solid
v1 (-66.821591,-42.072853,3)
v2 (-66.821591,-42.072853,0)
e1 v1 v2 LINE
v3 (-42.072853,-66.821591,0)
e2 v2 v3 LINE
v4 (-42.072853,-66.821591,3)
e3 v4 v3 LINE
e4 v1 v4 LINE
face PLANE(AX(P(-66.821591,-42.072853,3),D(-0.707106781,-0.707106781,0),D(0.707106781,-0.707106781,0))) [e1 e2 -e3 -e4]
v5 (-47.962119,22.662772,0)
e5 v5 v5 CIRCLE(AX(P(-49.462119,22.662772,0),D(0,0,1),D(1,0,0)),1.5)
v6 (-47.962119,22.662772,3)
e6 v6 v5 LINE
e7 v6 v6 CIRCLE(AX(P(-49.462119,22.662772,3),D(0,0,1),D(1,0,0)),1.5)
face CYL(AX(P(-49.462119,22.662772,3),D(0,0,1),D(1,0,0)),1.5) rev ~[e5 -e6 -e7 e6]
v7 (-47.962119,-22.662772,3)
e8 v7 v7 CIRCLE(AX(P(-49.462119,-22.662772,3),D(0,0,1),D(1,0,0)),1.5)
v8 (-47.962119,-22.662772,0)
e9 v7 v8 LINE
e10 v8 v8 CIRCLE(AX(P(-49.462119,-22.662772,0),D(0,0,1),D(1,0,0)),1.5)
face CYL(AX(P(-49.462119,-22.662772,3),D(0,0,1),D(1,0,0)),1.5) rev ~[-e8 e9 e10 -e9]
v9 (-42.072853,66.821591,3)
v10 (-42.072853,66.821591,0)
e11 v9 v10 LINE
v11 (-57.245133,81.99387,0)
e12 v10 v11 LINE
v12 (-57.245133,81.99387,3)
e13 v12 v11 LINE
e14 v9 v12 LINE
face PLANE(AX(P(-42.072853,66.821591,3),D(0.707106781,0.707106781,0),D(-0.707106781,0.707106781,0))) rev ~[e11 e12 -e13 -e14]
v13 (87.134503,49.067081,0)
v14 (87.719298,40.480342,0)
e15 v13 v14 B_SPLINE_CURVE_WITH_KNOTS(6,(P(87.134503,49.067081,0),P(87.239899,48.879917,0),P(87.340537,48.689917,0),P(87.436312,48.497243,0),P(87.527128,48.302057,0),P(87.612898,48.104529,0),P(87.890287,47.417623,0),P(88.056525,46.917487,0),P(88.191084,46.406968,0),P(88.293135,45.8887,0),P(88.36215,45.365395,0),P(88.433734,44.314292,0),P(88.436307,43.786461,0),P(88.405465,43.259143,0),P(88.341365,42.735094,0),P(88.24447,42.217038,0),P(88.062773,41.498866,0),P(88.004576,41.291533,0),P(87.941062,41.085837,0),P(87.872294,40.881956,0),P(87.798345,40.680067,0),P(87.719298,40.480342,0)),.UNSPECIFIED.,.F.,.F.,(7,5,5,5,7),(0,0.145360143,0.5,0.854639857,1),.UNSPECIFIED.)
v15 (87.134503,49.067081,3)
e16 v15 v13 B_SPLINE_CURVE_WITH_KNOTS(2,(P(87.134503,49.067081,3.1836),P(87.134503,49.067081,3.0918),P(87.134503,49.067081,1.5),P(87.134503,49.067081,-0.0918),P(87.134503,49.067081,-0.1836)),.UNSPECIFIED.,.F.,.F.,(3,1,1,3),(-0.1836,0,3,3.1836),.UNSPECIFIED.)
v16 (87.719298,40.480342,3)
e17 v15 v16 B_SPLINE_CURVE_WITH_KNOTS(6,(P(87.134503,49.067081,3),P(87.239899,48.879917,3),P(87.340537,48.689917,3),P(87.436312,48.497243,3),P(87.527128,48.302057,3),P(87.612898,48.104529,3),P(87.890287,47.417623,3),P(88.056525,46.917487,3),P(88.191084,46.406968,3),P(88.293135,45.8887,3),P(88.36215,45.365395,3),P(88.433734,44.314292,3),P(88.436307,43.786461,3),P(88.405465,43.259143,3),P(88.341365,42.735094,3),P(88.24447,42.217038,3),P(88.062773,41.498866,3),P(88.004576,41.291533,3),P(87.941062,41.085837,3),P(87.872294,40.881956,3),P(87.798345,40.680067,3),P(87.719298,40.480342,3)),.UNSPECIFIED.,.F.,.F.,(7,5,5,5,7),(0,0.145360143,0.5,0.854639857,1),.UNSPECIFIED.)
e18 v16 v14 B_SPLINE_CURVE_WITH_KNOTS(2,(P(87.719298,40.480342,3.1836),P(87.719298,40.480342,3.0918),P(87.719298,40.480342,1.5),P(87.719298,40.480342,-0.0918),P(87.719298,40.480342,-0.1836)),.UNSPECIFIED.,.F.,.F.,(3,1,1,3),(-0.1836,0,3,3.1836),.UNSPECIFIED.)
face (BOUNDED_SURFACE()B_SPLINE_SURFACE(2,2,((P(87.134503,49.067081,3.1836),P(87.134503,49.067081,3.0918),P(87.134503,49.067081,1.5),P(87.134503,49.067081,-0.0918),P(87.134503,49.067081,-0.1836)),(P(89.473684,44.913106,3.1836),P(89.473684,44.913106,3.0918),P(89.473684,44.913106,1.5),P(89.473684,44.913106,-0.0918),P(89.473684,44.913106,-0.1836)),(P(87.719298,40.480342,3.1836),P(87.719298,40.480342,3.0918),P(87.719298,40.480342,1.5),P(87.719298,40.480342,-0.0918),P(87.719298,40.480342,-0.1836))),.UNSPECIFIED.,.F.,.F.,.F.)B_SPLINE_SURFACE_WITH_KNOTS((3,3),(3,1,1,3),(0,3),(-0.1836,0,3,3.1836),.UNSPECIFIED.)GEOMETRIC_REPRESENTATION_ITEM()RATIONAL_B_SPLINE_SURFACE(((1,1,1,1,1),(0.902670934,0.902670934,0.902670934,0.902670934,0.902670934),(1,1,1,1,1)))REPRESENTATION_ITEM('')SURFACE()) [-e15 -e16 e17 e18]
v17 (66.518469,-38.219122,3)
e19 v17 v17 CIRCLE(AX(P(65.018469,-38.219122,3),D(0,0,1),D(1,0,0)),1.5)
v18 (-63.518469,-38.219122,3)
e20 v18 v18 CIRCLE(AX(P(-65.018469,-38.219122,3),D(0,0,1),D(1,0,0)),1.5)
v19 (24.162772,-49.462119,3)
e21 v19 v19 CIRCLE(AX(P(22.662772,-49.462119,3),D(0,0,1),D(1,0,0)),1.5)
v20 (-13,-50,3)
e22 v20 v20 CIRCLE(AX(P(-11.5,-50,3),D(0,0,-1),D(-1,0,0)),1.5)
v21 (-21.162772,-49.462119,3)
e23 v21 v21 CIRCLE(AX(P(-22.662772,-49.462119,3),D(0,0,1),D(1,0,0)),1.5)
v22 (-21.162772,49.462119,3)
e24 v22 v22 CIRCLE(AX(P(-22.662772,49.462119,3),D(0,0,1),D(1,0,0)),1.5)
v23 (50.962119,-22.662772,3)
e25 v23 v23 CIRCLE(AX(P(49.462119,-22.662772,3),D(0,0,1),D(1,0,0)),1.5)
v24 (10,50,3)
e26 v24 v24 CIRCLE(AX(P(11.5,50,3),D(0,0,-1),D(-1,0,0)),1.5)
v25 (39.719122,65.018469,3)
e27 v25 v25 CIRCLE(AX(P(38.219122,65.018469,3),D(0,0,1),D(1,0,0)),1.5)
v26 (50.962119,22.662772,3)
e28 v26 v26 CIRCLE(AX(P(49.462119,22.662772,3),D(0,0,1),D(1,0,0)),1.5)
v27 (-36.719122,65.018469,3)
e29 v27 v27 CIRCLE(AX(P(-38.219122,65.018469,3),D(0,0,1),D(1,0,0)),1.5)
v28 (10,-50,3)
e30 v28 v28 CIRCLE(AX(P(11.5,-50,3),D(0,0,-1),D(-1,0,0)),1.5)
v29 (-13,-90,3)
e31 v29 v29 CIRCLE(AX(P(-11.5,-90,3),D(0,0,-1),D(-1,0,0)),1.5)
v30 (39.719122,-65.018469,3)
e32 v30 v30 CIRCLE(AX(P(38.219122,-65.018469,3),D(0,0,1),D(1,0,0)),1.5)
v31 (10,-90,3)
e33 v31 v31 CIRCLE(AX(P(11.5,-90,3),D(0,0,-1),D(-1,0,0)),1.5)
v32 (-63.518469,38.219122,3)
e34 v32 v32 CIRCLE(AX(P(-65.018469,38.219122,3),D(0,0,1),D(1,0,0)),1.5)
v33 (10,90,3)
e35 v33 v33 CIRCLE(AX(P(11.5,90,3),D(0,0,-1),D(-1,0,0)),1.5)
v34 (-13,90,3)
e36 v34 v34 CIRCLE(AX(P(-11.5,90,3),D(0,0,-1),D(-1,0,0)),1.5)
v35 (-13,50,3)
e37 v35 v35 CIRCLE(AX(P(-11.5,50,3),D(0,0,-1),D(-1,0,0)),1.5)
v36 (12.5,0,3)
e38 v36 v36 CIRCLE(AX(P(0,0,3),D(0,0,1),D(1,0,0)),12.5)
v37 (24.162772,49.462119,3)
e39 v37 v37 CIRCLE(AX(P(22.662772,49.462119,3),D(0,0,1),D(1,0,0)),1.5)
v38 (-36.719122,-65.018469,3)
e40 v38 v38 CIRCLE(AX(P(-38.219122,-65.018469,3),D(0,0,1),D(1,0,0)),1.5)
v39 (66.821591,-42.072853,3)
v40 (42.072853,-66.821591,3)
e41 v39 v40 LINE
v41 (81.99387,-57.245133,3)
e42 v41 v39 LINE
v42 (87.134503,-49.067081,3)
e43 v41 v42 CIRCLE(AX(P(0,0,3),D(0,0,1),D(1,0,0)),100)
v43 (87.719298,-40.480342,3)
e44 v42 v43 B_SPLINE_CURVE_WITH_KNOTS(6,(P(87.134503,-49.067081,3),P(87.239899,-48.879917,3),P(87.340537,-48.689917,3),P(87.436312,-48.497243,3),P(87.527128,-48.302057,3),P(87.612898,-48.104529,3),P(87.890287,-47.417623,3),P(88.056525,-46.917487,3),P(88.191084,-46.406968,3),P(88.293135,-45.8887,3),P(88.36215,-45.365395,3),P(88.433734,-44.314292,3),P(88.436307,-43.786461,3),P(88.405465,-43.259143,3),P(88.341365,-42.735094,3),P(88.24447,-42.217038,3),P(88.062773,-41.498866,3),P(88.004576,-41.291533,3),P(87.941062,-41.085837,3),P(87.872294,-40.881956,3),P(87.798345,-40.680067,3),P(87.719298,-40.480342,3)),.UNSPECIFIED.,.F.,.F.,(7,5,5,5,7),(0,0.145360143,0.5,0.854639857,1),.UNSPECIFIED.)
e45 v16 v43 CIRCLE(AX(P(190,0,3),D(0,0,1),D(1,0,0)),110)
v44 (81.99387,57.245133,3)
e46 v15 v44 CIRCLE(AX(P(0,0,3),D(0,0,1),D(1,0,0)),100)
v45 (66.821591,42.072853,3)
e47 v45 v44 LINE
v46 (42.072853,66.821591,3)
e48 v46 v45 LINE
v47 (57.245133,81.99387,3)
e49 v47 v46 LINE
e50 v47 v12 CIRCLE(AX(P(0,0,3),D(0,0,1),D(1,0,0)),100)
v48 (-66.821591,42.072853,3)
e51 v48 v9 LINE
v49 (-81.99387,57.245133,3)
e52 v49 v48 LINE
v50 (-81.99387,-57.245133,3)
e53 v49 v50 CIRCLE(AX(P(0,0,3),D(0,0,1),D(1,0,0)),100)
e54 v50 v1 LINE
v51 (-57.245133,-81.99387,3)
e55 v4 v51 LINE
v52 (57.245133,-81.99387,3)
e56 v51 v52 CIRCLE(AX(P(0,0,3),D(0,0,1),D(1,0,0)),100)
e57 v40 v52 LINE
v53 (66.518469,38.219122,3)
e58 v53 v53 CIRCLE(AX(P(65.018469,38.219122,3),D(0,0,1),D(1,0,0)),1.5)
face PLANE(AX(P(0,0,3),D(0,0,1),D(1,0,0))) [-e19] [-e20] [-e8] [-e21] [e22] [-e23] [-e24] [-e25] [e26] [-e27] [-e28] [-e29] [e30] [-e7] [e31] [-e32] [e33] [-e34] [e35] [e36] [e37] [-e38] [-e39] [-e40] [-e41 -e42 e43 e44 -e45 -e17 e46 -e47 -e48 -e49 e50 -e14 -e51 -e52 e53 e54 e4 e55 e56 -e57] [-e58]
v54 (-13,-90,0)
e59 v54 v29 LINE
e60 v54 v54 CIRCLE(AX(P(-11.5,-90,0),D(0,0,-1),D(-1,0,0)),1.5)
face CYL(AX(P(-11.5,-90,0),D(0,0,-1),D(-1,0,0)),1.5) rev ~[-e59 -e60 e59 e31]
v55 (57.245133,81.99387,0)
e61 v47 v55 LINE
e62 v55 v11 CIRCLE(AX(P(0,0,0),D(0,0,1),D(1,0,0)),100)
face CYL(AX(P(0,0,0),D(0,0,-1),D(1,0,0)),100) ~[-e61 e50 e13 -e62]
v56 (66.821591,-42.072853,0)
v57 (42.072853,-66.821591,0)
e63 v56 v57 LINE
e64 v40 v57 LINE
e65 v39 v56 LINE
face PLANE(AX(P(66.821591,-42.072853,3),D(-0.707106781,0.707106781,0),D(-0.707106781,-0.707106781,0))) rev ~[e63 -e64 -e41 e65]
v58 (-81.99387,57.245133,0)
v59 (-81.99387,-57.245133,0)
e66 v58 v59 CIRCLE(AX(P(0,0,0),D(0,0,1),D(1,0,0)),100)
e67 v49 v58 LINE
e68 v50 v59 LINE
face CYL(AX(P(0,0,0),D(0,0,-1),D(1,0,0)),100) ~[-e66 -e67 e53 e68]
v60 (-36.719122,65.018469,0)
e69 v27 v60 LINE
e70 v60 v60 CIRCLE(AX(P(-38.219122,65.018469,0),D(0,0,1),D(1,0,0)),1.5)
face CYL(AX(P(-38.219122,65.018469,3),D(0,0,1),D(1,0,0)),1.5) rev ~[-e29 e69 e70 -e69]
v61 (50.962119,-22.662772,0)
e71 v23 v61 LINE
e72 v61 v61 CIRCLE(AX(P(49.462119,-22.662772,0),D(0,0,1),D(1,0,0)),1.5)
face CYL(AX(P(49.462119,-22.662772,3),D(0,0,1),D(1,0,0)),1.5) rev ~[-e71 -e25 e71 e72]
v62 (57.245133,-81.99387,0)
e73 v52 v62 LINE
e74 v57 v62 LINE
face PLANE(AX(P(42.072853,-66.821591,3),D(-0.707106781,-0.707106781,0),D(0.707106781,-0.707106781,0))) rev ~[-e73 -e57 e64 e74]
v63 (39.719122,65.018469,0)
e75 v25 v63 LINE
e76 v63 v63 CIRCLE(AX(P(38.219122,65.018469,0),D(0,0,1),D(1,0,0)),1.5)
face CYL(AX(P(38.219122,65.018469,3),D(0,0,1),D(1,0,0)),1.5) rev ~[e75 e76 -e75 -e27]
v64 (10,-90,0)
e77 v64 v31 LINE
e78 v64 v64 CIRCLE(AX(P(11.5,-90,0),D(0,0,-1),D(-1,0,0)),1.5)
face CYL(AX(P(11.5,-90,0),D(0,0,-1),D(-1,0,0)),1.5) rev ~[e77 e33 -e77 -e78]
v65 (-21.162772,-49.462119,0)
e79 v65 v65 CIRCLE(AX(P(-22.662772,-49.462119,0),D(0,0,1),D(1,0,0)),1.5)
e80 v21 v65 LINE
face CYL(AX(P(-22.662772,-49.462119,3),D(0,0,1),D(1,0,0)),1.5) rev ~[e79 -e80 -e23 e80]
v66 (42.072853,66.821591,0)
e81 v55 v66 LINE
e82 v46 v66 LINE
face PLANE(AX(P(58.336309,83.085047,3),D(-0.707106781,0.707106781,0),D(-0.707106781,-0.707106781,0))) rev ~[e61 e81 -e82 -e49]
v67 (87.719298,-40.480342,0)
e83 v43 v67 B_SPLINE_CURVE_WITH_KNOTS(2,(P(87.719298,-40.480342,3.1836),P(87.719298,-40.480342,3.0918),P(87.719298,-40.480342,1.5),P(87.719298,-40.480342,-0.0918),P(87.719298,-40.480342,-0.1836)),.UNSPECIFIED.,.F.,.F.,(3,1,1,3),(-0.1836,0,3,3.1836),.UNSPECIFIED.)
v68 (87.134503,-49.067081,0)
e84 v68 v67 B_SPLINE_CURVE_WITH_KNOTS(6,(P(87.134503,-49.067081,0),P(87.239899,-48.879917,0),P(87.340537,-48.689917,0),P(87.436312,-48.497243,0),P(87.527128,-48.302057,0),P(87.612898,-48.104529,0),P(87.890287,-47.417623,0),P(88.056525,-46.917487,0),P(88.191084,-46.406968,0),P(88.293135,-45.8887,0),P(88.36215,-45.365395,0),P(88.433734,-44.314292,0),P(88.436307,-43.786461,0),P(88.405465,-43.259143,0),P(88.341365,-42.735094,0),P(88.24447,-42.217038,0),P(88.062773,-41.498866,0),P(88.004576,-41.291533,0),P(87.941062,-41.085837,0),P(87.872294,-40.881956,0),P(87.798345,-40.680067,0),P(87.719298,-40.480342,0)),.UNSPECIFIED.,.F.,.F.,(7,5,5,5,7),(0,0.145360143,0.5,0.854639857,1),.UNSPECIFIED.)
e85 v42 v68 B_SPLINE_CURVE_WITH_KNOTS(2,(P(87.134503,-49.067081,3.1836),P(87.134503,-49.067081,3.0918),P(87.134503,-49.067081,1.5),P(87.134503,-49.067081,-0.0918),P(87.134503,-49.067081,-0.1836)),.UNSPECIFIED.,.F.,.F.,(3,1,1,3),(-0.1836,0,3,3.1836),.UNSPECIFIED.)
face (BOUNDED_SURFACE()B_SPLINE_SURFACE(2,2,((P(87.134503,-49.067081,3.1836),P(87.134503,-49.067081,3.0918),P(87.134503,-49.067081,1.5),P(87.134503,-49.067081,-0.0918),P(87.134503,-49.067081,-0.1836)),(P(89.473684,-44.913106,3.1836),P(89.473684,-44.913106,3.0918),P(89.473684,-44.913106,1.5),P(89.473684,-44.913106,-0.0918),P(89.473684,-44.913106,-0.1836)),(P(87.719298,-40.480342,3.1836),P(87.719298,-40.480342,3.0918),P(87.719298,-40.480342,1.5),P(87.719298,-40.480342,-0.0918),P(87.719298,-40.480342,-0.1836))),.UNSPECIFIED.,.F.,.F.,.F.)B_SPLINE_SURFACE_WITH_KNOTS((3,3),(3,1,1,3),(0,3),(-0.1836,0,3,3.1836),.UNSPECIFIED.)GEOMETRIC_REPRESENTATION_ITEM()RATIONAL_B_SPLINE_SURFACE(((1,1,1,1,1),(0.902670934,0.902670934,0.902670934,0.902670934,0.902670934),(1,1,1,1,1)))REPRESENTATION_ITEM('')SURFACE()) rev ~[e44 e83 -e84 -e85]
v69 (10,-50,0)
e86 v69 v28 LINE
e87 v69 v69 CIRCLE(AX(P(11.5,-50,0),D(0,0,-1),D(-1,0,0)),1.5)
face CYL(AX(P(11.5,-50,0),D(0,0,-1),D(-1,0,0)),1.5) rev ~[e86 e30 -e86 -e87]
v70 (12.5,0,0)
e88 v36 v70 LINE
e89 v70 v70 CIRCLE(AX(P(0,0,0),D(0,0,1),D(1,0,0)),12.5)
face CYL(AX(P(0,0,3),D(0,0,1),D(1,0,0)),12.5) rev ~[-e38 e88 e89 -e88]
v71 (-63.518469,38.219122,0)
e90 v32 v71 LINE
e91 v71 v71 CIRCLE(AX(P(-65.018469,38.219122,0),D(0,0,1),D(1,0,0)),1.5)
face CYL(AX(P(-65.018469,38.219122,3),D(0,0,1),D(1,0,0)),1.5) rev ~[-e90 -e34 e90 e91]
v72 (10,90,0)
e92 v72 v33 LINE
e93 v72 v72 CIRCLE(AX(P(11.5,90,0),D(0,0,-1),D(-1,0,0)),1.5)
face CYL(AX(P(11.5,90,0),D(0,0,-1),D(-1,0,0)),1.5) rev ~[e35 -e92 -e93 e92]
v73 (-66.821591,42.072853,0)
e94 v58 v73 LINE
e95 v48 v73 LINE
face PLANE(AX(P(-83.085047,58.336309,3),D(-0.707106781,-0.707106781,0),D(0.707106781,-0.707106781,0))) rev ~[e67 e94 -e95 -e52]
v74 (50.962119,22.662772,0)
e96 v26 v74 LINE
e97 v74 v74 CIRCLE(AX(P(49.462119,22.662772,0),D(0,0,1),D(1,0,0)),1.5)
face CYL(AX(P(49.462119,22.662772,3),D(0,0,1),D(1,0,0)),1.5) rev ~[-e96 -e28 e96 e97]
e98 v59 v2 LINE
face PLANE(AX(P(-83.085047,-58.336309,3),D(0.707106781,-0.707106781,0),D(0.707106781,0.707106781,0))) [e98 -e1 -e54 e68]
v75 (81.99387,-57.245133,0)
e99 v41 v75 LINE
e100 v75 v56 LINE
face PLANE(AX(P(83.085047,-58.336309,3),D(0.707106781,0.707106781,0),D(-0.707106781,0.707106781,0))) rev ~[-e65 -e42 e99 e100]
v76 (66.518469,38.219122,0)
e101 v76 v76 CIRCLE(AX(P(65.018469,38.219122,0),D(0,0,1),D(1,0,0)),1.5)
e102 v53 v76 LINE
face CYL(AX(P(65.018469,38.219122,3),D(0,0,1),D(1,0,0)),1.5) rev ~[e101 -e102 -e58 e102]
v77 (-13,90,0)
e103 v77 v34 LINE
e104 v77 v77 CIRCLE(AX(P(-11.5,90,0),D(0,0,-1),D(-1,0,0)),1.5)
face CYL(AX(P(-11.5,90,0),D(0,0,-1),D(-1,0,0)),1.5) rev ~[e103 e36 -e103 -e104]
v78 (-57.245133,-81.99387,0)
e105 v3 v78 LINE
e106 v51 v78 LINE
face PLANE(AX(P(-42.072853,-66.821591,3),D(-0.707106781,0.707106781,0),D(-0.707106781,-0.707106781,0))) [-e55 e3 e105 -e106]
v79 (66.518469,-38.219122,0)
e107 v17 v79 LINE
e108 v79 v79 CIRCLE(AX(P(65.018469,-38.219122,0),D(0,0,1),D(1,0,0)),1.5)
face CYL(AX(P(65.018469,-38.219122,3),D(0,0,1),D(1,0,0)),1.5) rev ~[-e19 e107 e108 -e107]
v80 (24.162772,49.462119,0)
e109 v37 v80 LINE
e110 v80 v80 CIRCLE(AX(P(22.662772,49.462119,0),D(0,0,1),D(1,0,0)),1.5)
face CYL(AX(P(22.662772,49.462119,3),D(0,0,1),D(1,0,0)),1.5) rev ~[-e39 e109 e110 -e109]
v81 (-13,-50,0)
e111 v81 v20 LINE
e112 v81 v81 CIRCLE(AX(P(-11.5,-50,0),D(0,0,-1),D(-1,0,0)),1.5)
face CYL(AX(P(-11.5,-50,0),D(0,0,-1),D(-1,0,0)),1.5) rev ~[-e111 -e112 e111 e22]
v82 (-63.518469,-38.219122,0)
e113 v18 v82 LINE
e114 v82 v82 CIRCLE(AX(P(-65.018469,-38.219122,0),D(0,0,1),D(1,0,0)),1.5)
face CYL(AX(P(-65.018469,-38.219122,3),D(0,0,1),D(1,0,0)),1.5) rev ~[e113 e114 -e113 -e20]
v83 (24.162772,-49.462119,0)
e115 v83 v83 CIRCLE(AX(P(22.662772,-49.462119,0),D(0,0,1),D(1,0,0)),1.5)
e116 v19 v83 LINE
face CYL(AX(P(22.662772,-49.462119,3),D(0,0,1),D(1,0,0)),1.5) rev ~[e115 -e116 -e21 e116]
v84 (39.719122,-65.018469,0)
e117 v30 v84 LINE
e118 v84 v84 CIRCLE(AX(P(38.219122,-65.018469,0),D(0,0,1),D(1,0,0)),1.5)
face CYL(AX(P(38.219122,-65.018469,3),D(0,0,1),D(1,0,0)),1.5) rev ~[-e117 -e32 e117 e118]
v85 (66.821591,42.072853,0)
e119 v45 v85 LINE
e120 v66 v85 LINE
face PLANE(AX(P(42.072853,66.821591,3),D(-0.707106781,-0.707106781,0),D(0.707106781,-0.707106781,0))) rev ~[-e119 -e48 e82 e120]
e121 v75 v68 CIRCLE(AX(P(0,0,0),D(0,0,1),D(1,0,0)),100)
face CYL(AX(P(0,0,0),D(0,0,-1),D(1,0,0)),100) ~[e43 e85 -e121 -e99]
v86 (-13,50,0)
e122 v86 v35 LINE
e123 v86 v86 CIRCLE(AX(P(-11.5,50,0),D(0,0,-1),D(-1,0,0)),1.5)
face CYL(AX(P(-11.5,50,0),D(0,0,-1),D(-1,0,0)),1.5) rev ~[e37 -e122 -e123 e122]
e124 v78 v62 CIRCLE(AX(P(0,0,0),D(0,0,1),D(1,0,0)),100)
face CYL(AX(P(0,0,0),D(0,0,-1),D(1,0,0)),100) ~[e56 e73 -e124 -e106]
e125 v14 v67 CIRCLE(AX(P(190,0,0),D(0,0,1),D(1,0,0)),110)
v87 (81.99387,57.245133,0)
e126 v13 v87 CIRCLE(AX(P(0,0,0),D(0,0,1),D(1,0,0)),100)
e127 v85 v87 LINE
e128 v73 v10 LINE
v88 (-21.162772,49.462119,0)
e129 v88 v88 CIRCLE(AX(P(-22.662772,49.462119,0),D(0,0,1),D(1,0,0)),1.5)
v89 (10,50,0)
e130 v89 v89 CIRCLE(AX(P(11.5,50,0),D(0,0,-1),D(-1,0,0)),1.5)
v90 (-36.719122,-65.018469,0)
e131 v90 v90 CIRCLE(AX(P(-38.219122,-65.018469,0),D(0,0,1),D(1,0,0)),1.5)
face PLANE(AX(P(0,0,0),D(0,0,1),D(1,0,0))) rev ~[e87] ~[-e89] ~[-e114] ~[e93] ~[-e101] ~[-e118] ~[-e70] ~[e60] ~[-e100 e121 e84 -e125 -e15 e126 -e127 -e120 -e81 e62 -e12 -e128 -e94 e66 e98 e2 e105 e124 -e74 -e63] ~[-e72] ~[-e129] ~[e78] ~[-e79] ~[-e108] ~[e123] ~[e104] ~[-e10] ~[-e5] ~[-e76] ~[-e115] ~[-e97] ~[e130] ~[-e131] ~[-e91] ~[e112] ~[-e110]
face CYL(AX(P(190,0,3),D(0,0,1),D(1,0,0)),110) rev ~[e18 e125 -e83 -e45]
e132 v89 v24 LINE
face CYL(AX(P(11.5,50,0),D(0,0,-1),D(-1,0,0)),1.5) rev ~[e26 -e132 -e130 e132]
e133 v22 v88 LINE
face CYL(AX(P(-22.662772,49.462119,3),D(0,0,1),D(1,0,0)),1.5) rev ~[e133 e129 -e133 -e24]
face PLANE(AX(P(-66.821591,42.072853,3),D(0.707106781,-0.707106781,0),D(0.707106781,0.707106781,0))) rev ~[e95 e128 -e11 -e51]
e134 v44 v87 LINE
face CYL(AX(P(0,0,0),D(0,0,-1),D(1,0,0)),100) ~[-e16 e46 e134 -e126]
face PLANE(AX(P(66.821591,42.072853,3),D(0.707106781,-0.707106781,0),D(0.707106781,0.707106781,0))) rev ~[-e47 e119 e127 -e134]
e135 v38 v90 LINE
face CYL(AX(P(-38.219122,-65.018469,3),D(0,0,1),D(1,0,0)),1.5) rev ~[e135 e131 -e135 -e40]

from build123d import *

# Parameters (mm, degrees)
CROQUIS1_R              = 100
SALIENTE_EXTRUIR1_DEPTH = 3
CROQUIS3_R              = 110
CORTAR_EXTRUIR1_DEPTH   = 3
REDONDEO1_R             = 10
CROQUIS4_R              = 1.5
CROQUIS4_R_2            = 12.5
CORTAR_EXTRUIR2_DEPTH   = 142.453172607
CROQUIS5_R              = 1.5
CORTAR_EXTRUIR3_DEPTH   = 142.453172607


with BuildPart() as part:
    # Croquis1 → Saliente-Extruir1 (new body)
    with BuildSketch(Plane.XY):
        Circle(CROQUIS1_R)
    extrude(amount=SALIENTE_EXTRUIR1_DEPTH)

    # Croquis3 → Cortar-Extruir1 (cut)
    with BuildSketch(Plane.XY.offset(3)):
        with Locations((190, 0)):
            Circle(CROQUIS3_R)
    extrude(amount=-CORTAR_EXTRUIR1_DEPTH, mode=Mode.SUBTRACT)

    # Redondeo1
    redondeo1_edges = [part.edges().sort_by_distance(p)[0] for p in [
        (89.473684211, -44.659375654, 1.5),
        (89.473684211, 44.659375654, 1.5),
    ]]
    fillet(redondeo1_edges, radius=REDONDEO1_R)

    # Croquis4 → Cortar-Extruir2 (cut, through all)
    with BuildSketch(Plane.XY.offset(3)):
        with Locations((-65.01846853, -38.219121523)):
            Circle(CROQUIS4_R)
        with Locations((-49.462119344, -22.662772337)):
            Circle(CROQUIS4_R)
        with Locations((-22.662772337, -49.462119344)):
            Circle(CROQUIS4_R)
        with Locations((-38.219121523, -65.01846853)):
            Circle(CROQUIS4_R)
        with Locations((-22.662772337, 49.462119344)):
            Circle(CROQUIS4_R)
        with Locations((-38.219121523, 65.01846853)):
            Circle(CROQUIS4_R)
        with Locations((-49.462119344, 22.662772337)):
            Circle(CROQUIS4_R)
        with Locations((-65.01846853, 38.219121523)):
            Circle(CROQUIS4_R)
        with Locations((49.462119344, 22.662772337)):
            Circle(CROQUIS4_R)
        with Locations((65.01846853, 38.219121523)):
            Circle(CROQUIS4_R)
        with Locations((22.662772337, 49.462119344)):
            Circle(CROQUIS4_R)
        with Locations((38.219121523, 65.01846853)):
            Circle(CROQUIS4_R)
        with Locations((22.662772337, -49.462119344)):
            Circle(CROQUIS4_R)
        with Locations((38.219121523, -65.01846853)):
            Circle(CROQUIS4_R)
        with Locations((49.462119344, -22.662772337)):
            Circle(CROQUIS4_R)
        with Locations((65.01846853, -38.219121523)):
            Circle(CROQUIS4_R)
        Circle(CROQUIS4_R_2)
        Polygon((-58.336309448, -83.085046789), (-83.085046789, -58.336309448), (-66.821590822, -42.072853481), (-42.072853481, -66.821590822), align=None)
        Polygon((-66.821590822, 42.072853481), (-42.072853481, 66.821590822), (-58.336309448, 83.085046789), (-83.085046789, 58.336309448), align=None)
        Polygon((42.072853481, 66.821590822), (66.821590822, 42.072853481), (83.085046789, 58.336309448), (58.336309448, 83.085046789), align=None)
        Polygon((66.821590822, -42.072853481), (42.072853481, -66.821590822), (58.336309448, -83.085046789), (83.085046789, -58.336309448), align=None)
    extrude(amount=-CORTAR_EXTRUIR2_DEPTH, mode=Mode.SUBTRACT)

    # Croquis5 → Cortar-Extruir3 (cut, through all)
    with BuildSketch(Plane(origin=(0, 0, 0), x_dir=(-1, 0, 0), z_dir=(0, 0, -1))):
        with Locations((11.5, -90)):
            Circle(CROQUIS5_R)
        with Locations((-11.5, -90)):
            Circle(CROQUIS5_R)
        with Locations((-11.5, -50)):
            Circle(CROQUIS5_R)
        with Locations((11.5, -50)):
            Circle(CROQUIS5_R)
        with Locations((-11.5, 90)):
            Circle(CROQUIS5_R)
        with Locations((11.5, 90)):
            Circle(CROQUIS5_R)
        with Locations((11.5, 50)):
            Circle(CROQUIS5_R)
        with Locations((-11.5, 50)):
            Circle(CROQUIS5_R)
    extrude(amount=-CORTAR_EXTRUIR3_DEPTH, mode=Mode.SUBTRACT)


solid = part.part
